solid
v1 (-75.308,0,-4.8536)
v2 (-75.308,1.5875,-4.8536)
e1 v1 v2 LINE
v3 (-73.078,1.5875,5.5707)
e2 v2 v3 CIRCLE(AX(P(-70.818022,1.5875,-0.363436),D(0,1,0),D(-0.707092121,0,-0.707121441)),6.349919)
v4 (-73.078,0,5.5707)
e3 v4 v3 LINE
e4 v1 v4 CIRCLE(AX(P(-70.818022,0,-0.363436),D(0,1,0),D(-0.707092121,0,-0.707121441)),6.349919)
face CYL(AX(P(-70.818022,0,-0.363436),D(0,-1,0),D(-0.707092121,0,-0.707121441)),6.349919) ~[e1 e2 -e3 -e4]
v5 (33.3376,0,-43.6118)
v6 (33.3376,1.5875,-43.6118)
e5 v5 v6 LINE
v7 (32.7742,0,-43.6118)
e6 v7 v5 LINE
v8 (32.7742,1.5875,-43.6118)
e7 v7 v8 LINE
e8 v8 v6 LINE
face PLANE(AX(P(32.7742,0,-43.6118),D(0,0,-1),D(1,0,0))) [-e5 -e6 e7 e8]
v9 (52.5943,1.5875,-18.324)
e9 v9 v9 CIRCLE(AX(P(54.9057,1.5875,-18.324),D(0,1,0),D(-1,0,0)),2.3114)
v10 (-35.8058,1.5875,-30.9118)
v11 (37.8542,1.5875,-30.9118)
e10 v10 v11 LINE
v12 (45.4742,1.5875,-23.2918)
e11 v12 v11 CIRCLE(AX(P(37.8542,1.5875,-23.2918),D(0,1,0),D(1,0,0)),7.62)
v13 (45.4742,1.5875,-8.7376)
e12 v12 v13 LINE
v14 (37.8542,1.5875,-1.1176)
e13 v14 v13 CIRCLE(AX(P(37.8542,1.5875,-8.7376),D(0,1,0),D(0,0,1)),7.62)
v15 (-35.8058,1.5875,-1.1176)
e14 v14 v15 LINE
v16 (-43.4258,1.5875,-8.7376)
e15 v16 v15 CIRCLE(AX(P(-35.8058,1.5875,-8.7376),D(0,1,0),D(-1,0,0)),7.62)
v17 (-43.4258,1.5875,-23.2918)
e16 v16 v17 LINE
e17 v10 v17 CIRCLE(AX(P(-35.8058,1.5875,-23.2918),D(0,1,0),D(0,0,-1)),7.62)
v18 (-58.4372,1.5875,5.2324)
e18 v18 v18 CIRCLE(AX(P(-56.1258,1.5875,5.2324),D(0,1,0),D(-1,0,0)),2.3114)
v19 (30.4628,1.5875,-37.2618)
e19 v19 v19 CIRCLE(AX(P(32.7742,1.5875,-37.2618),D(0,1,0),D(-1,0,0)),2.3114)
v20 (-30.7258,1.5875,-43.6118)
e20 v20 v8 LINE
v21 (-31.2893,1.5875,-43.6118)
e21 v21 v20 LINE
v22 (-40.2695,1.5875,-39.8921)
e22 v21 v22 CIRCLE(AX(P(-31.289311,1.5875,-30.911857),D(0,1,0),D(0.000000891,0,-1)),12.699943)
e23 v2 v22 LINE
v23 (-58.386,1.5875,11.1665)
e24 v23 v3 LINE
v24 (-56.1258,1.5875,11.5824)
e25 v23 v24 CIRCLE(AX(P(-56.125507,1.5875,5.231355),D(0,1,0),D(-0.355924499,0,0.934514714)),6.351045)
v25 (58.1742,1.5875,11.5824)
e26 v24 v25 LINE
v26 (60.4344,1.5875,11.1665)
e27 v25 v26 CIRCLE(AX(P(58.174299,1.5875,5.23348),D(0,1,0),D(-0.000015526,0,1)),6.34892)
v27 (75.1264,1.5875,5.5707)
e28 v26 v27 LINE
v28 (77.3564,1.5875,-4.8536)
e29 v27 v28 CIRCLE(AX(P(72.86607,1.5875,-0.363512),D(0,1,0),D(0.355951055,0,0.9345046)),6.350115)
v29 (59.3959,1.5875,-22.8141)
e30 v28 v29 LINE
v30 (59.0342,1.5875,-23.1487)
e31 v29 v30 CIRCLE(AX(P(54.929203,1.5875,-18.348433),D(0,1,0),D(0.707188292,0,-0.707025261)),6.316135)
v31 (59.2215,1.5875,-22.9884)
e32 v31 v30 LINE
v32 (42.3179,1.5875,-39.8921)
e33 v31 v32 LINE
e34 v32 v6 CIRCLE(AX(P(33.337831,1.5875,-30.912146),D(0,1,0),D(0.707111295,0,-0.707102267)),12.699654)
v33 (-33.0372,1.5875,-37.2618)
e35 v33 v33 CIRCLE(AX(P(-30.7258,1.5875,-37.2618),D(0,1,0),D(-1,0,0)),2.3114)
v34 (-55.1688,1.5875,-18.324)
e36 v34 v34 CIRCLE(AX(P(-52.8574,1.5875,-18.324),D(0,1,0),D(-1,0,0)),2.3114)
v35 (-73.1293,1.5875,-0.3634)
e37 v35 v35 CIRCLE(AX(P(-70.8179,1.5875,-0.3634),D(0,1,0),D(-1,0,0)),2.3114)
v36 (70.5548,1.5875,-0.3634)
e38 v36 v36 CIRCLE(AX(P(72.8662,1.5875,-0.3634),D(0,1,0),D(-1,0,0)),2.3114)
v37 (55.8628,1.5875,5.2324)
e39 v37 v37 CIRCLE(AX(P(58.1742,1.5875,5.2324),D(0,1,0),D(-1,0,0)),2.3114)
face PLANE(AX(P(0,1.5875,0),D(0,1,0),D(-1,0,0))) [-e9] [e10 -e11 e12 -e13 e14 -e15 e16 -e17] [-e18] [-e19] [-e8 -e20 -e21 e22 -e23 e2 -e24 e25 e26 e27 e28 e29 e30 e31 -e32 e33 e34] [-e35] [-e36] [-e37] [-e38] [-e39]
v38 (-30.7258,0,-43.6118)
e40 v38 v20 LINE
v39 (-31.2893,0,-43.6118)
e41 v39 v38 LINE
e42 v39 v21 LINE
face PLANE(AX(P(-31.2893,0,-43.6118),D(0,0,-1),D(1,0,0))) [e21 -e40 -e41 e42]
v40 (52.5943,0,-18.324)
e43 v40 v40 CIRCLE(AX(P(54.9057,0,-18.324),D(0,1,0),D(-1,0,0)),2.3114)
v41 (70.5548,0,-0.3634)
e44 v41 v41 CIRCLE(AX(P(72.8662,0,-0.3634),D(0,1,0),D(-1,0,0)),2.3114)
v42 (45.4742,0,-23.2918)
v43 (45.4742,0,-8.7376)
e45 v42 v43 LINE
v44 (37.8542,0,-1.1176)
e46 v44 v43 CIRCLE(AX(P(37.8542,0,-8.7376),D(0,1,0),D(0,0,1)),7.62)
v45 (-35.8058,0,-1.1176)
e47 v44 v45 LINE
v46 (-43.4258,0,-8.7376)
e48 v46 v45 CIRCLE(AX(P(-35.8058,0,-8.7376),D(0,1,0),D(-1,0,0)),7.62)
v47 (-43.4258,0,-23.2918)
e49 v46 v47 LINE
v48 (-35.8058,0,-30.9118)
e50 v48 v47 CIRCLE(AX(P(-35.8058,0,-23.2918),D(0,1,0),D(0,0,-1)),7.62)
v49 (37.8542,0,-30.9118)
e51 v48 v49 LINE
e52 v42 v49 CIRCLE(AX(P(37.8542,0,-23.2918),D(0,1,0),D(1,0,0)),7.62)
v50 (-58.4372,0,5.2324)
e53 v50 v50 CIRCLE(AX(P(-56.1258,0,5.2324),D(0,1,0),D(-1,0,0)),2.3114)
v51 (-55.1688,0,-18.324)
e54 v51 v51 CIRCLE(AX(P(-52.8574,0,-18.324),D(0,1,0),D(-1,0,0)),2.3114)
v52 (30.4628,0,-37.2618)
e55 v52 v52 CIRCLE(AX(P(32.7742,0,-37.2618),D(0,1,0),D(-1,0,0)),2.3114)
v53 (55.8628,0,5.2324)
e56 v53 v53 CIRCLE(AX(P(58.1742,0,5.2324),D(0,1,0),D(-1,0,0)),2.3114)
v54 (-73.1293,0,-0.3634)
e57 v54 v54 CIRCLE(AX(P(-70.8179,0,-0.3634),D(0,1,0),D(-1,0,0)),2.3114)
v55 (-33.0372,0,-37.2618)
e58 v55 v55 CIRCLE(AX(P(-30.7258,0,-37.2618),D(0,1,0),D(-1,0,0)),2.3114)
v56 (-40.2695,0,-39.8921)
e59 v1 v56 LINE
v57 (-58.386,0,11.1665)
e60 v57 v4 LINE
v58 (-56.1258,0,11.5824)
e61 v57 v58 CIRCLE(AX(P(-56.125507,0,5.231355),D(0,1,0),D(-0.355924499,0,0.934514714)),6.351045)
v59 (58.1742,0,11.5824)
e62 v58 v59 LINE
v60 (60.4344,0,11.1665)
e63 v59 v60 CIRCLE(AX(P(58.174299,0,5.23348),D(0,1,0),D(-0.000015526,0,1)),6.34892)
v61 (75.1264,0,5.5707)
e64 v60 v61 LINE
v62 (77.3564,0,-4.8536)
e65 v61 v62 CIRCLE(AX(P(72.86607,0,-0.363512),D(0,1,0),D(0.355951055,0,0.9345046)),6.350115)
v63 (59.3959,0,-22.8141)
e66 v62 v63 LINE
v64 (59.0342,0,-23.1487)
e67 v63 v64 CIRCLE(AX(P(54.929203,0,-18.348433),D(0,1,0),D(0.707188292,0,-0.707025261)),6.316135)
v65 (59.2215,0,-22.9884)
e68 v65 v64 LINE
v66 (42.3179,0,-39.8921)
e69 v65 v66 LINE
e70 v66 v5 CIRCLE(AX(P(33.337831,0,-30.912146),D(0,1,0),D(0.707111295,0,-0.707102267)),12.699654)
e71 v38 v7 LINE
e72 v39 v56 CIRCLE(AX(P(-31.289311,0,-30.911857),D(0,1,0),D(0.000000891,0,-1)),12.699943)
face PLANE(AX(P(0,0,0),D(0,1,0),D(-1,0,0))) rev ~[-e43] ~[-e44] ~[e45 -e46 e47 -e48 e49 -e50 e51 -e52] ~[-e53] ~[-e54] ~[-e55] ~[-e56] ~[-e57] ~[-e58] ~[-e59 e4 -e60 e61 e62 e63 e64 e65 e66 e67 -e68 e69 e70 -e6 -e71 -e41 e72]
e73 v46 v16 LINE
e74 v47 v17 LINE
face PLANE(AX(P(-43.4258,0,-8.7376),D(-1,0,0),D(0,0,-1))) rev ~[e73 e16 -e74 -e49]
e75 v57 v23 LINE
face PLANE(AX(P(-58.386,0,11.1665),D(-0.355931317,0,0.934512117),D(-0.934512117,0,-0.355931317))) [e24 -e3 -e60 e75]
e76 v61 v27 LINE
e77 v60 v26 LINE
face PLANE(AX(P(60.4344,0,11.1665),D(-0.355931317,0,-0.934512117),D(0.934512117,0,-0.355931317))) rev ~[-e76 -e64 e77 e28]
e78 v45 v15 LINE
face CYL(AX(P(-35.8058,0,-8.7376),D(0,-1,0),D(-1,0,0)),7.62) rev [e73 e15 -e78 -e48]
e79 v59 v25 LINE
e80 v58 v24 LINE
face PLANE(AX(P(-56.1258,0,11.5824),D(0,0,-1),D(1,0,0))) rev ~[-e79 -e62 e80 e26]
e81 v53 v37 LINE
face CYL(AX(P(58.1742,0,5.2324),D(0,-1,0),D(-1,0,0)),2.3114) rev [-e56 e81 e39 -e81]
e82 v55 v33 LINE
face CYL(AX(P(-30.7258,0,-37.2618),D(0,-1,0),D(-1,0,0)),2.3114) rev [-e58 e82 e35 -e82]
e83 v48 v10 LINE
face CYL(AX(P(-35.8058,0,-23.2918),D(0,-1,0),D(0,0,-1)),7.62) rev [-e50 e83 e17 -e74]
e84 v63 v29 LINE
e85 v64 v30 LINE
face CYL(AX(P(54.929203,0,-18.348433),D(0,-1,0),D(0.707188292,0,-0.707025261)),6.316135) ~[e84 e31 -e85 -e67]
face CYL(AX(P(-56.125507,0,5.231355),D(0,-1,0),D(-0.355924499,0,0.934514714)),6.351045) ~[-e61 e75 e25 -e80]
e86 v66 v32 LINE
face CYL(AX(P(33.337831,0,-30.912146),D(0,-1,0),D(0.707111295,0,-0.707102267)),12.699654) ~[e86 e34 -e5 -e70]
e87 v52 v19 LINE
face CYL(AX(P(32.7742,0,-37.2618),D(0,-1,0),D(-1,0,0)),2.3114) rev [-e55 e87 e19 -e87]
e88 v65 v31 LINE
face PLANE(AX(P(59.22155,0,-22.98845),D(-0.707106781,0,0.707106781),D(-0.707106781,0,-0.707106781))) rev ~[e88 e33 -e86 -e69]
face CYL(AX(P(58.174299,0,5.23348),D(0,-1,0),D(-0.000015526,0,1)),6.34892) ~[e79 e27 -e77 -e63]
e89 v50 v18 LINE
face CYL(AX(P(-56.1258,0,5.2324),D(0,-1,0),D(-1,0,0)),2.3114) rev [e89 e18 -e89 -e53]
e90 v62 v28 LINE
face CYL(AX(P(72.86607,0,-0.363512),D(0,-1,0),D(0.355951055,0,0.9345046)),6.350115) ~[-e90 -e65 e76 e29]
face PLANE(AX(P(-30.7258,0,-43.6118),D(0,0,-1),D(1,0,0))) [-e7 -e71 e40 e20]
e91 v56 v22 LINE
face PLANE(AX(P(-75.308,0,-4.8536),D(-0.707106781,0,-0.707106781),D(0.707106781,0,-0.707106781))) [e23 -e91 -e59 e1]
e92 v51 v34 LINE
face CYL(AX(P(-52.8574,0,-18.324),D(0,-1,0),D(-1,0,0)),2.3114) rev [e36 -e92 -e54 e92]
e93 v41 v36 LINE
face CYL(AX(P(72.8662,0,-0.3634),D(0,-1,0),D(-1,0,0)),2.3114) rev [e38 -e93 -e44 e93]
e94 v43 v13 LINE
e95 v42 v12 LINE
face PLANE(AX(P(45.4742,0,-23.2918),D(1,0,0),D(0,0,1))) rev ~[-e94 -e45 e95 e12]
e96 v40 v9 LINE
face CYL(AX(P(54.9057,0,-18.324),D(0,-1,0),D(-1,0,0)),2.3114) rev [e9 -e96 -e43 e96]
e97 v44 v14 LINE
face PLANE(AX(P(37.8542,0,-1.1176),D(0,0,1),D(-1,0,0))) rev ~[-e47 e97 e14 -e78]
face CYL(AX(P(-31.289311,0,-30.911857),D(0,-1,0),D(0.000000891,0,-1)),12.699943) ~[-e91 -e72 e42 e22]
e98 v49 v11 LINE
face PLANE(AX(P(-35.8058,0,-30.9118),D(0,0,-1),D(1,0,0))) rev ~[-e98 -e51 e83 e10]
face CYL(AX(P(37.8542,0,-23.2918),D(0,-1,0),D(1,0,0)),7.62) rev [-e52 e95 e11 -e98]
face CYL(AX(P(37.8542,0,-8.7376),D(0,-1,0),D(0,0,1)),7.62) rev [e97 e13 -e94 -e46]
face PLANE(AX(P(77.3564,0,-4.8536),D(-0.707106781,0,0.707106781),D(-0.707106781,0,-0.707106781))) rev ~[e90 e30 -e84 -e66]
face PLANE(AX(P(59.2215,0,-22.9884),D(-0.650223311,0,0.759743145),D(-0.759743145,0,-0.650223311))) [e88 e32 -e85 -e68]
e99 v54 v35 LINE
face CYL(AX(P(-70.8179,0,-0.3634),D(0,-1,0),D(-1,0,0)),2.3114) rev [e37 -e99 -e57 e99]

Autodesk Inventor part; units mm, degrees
ref_plane "YZ Plane" through (0, 0, 0) normal (1, 0, 0) x (0, 1, 0)
ref_plane "XZ Plane" through (0, 0, 0) normal (0, 1, 0) x (-1, 0, 0)
ref_plane "XY Plane" through (0, 0, 0) normal (0, 0, 1) x (1, 0, 0)
sketch "Sketch1" plane through (0, 0, 0) normal (0, 1, 0) x (-1, 0, 0)
  line L0 (-37.8542, -1.1176) -> (35.8058, -1.1176)
  line L1 (43.4258, -8.7376) -> (43.4258, -23.2918)
  line L2 (35.8058, -30.9118) -> (-37.8542, -30.9118)
  line L3 (-45.4742, -23.2918) -> (-45.4742, -8.7376)
  arc A0 (-37.8542, -1.1176) -> (-45.4742, -8.7376) centre (-37.8542, -8.7376) ccw
  arc A1 (-45.4742, -23.2918) -> (-37.8542, -30.9118) centre (-37.8542, -23.2918) ccw
  arc A2 (35.8058, -30.9118) -> (43.4258, -23.2918) centre (35.8058, -23.2918) ccw
  arc A3 (43.4258, -8.7376) -> (35.8058, -1.1176) centre (35.8058, -8.7376) ccw
  circle A4 centre (-72.8662, -0.3634) radius 2.3114
  circle A5 centre (-54.9057, -18.324) radius 2.3114
  circle A6 centre (-58.1742, 5.2324) radius 2.3114
  circle A7 centre (56.1258, 5.2324) radius 2.3114
  circle A8 centre (-32.7742, -37.2618) radius 2.3114
  circle A9 centre (30.7258, -37.2618) radius 2.3114
  circle A10 centre (52.8574, -18.324) radius 2.3114
  circle A11 centre (70.8179, -0.3634) radius 2.3114
  arc A12 (75.308, -4.8536) -> (73.078, 5.5707) centre (70.8179, -0.3634) ccw
  arc A13 (58.386, 11.1665) -> (56.1258, 11.5824) centre (56.1258, 5.2324) ccw
  arc A14 (30.7258, -43.6118) -> (30.9592, -43.6075) centre (30.7258, -37.2618) ccw
  arc A15 (-75.1264, 5.5707) -> (-77.3564, -4.8536) centre (-72.8662, -0.3634) ccw
  arc A16 (-59.3959, -22.8141) -> (-59.0342, -23.1487) centre (-54.9057, -18.324) ccw
  arc A17 (-33.0076, -43.6075) -> (-32.7742, -43.6118) centre (-32.7742, -37.2618) ccw
  arc A18 (-58.1742, 11.5824) -> (-60.4344, 11.1665) centre (-58.1742, 5.2324) ccw
  line L4 (-60.4344, 11.1665) -> (-75.1264, 5.5707)
  line L5 (-77.3564, -4.8536) -> (-42.3179, -39.8921)
  line L6 (-59.2215, -22.9884) -> (-59.0342, -23.1487)
  line L7 (58.386, 11.1665) -> (73.078, 5.5707)
  line L8 (75.308, -4.8536) -> (40.2695, -39.8921)
  line L9 (56.1258, 11.5824) -> (-58.1742, 11.5824)
  line L10 (31.2893, -43.6118) -> (-33.3376, -43.6118)
  arc A19 (31.2893, -43.6118) -> (40.2695, -39.8921) centre (31.2893, -30.9118) ccw
  arc A20 (-42.3179, -39.8921) -> (-33.3376, -43.6118) centre (-33.3376, -30.9118) ccw
  line L11 (35.8058, -30.9118) -> (-37.8542, -30.9118)
  point P0 (0, 0)
  point P1 (43.4258, -30.9118)
  point P2 (-45.4742, -30.9118)
  point P3 (43.4258, -30.9118)
  dimension "d2" = 7.62
  dimension "d20" = 12.7
  dimension "d21" = 12.7
  dimension "d24" = 29.7942
extrude "Extrusion1" add sketch "Sketch1" along normal blind 1.5875 contours L8 A19 L10 A20 L5 L6 A16 A15 L4 A18 L9 A13 L7 A12
properties part number "gusset-2-3.25-full"
